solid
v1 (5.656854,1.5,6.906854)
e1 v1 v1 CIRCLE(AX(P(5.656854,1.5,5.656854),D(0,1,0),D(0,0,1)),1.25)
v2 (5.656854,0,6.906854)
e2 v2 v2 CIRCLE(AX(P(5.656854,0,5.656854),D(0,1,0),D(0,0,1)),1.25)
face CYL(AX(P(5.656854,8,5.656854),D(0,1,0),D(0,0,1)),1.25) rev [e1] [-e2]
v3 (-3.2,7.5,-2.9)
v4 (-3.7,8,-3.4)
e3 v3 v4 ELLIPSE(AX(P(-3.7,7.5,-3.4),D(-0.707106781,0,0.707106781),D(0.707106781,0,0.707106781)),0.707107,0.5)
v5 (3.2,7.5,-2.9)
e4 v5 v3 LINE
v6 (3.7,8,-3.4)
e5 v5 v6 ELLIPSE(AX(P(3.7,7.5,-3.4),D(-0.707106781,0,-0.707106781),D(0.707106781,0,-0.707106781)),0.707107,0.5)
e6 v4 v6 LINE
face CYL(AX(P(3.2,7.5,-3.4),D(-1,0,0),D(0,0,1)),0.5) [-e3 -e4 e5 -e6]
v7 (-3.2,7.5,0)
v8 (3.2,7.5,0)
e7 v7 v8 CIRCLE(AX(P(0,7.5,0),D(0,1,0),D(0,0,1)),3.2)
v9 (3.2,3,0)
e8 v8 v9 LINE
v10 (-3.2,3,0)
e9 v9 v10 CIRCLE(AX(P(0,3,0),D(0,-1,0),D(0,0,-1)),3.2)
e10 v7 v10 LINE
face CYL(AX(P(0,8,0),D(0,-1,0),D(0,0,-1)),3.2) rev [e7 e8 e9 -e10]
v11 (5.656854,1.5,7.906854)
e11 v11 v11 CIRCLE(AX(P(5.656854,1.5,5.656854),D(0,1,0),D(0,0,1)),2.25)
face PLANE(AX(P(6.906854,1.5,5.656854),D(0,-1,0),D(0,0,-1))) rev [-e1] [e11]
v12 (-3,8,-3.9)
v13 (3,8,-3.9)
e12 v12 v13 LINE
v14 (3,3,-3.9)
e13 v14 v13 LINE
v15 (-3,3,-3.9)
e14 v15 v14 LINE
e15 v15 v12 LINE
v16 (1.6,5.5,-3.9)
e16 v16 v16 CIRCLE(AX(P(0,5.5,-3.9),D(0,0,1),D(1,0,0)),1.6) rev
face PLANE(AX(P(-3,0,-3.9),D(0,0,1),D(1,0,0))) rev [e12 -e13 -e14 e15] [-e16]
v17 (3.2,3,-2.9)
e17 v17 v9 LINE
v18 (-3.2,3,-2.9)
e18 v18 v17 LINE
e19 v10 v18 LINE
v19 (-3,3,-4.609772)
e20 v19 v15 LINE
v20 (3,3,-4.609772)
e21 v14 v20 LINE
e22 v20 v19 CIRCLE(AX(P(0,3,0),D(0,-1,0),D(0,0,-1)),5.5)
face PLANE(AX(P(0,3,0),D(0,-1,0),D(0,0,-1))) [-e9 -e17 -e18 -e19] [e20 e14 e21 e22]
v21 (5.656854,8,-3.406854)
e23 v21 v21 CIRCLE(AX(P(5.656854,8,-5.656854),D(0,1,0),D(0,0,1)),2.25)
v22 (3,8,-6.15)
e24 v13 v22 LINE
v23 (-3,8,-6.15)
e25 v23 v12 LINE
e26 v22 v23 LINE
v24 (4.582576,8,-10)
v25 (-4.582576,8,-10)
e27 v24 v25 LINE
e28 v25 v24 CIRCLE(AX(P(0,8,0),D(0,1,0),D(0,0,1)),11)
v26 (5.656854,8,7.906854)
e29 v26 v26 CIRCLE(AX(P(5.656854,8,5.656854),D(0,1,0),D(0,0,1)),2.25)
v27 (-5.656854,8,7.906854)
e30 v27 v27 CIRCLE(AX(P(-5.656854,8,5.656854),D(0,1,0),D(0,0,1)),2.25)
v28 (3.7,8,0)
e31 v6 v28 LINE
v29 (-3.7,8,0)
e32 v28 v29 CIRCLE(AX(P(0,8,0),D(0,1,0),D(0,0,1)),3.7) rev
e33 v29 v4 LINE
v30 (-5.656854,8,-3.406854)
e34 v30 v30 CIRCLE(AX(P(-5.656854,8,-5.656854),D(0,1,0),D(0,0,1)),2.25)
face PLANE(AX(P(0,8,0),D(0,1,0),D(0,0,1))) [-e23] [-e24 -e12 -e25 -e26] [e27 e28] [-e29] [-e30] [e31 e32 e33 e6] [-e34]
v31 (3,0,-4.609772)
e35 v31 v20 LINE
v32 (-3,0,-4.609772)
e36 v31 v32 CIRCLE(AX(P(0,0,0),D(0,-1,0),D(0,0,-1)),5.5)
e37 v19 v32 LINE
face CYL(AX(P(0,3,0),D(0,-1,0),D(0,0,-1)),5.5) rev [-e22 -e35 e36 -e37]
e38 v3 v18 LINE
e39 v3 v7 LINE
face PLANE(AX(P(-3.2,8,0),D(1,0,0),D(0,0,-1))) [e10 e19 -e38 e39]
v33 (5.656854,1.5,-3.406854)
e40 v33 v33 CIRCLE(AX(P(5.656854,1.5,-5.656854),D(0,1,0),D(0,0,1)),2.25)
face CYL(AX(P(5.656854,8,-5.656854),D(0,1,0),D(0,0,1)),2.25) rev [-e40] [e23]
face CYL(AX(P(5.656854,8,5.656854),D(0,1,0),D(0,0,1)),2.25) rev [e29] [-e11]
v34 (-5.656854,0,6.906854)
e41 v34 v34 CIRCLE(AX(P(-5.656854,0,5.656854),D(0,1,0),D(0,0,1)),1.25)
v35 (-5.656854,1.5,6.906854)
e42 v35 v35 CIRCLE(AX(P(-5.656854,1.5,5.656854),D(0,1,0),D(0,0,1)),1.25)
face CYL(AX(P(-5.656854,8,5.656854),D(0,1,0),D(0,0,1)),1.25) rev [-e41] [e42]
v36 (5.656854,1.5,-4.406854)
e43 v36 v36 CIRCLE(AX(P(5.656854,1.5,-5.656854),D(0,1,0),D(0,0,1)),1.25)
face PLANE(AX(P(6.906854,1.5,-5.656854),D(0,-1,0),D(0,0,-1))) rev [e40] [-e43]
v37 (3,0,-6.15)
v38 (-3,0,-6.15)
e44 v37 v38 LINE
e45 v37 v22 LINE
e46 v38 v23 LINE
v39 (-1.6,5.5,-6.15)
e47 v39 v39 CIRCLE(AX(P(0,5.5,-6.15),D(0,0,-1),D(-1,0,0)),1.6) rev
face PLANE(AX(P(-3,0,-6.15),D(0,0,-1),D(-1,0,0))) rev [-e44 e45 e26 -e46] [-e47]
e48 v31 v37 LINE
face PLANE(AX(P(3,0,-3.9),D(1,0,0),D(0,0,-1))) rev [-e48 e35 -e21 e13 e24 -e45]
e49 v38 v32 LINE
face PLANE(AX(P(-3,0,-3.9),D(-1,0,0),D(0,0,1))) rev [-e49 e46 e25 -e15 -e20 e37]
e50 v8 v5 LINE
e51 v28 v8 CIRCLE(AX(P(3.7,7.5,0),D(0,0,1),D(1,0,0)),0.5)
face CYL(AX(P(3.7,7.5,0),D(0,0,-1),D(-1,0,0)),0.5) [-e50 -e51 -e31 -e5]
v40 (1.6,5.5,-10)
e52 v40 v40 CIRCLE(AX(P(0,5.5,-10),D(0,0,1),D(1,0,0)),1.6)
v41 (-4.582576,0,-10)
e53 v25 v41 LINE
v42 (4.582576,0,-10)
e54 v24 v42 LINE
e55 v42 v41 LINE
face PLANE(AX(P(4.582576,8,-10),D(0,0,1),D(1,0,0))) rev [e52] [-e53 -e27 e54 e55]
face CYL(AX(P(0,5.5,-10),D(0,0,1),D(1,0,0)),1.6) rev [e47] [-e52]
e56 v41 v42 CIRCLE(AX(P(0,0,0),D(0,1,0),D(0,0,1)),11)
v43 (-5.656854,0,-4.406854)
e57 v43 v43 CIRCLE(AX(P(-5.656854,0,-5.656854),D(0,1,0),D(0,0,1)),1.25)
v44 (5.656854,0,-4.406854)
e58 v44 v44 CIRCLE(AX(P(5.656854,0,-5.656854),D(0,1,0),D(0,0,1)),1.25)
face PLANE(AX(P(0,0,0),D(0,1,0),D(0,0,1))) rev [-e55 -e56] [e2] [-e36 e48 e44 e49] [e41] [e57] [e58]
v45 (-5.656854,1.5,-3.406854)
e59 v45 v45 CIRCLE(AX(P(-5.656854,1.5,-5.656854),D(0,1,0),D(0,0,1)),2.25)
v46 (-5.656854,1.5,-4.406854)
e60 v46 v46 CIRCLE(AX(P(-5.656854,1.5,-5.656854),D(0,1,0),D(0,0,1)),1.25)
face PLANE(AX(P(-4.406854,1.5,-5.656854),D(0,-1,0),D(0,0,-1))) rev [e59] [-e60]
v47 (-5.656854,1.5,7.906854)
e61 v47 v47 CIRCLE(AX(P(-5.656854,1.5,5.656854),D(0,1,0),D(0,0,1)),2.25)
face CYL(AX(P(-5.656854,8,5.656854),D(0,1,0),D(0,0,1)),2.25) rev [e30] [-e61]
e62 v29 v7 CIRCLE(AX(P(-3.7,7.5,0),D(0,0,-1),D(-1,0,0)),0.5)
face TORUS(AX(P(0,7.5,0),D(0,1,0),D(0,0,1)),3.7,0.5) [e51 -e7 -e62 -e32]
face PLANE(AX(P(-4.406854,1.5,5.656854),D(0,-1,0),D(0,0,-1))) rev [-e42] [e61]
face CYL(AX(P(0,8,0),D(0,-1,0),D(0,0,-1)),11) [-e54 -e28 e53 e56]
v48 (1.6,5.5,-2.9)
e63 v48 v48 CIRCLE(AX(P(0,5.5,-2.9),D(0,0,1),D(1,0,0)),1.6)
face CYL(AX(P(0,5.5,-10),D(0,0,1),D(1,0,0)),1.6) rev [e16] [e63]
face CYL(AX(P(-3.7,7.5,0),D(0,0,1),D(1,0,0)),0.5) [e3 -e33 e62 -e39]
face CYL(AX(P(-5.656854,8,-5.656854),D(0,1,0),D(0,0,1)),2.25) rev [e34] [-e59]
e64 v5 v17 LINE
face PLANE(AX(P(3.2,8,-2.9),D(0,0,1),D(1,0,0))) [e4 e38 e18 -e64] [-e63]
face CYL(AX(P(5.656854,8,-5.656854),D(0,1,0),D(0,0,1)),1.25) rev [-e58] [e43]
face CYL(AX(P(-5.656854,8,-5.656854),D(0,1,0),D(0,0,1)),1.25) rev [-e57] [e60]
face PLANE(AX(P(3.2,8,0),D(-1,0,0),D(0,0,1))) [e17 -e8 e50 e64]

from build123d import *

# Parameters (mm, degrees)
BOSS_EXTRU_1_DEPTH                              = 8
CHAMBRAGE_POUR_VIS_T_TE_CYLINDRIQUE_D           = 2.5
CHAMBRAGE_POUR_VIS_T_TE_CYLINDRIQUE_CBORE_D     = 4.5
CHAMBRAGE_POUR_VIS_T_TE_CYLINDRIQUE_CBORE_DEPTH = 6.5
CONG_1_R                                        = 0.5
ESQUISSE6_R                                     = 1.6
ENL_V_MAT_EXTRU_1_DEPTH                         = 18.49285573
ESQUISSE7_W                                     = 6
ESQUISSE7_H                                     = 2.25
ENL_V_MAT_EXTRU_2_DEPTH                         = 18.492855685
ESQUISSE8_R                                     = 5.5
ENL_V_MAT_EXTRU_3_DEPTH                         = 3


with BuildPart() as part:
    # Esquisse1 → Boss.-Extru.1 (new body)
    with BuildSketch(Plane(origin=(0, 0, 0), x_dir=(1, 0, 0), z_dir=(0, 1, 0))):
        with BuildLine():
            Line((4.582575695, 10), (-4.582575695, 10))
            ThreePointArc((-4.582575695, 10), (0, -11), (4.582575695, 10))
        make_face()
        with BuildLine():
            Line((-3.2, 0), (-3.2, 2.9))
            Line((-3.2, 2.9), (3.2, 2.9))
            Line((3.2, 2.9), (3.2, 0))
            ThreePointArc((3.2, 0), (0, -3.2), (-3.2, 0))
        make_face(mode=Mode.SUBTRACT)
    extrude(amount=BOSS_EXTRU_1_DEPTH)

    # Chambrage pour vis à tête cylindrique à 6 pans creux (ou vis CHC) M21 (through all)
    with Locations(Plane(origin=(0, 8, 0), x_dir=(1, 0, 0), z_dir=(0, 1, 0))):
        with Locations((5.656854249, 5.656854249), (5.656854249, -5.656854249), (-5.656854249, -5.656854249), (-5.656854249, 5.656854249), (0, 0)):
            CounterBoreHole(CHAMBRAGE_POUR_VIS_T_TE_CYLINDRIQUE_D / 2, CHAMBRAGE_POUR_VIS_T_TE_CYLINDRIQUE_CBORE_D / 2, CHAMBRAGE_POUR_VIS_T_TE_CYLINDRIQUE_CBORE_DEPTH)

    # Congé1
    cong_1_edges = [part.edges().sort_by_distance(p)[0] for p in [
        (0, 8, 3.2),
        (3.2, 8, -1.45),
        (0, 8, -2.9),
        (-3.2, 8, -1.45),
    ]]
    fillet(cong_1_edges, radius=CONG_1_R)

    # Esquisse6 → Enlèv. mat.-Extru.1 (cut, through all)
    with BuildSketch(Plane.XY):
        with Locations((0, 5.5)):
            Circle(ESQUISSE6_R)
    extrude(amount=-ENL_V_MAT_EXTRU_1_DEPTH, mode=Mode.SUBTRACT)

    # Esquisse7 → Enlèv. mat.-Extru.2 (cut, through all)
    with BuildSketch(Plane(origin=(0, 8, 0), x_dir=(1, 0, 0), z_dir=(0, 1, 0))):
        with Locations((0, 5.025)):
            Rectangle(ESQUISSE7_W, ESQUISSE7_H)
    extrude(amount=-ENL_V_MAT_EXTRU_2_DEPTH, mode=Mode.SUBTRACT)

    # Esquisse8 → Enlèv. mat.-Extru.3 (cut)
    with BuildSketch(Plane(origin=(0, 0, 0), x_dir=(-1, 0, 0), z_dir=(0, -1, 0))):
        Circle(ESQUISSE8_R)
    extrude(amount=-ENL_V_MAT_EXTRU_3_DEPTH, mode=Mode.SUBTRACT)


solid = part.part
